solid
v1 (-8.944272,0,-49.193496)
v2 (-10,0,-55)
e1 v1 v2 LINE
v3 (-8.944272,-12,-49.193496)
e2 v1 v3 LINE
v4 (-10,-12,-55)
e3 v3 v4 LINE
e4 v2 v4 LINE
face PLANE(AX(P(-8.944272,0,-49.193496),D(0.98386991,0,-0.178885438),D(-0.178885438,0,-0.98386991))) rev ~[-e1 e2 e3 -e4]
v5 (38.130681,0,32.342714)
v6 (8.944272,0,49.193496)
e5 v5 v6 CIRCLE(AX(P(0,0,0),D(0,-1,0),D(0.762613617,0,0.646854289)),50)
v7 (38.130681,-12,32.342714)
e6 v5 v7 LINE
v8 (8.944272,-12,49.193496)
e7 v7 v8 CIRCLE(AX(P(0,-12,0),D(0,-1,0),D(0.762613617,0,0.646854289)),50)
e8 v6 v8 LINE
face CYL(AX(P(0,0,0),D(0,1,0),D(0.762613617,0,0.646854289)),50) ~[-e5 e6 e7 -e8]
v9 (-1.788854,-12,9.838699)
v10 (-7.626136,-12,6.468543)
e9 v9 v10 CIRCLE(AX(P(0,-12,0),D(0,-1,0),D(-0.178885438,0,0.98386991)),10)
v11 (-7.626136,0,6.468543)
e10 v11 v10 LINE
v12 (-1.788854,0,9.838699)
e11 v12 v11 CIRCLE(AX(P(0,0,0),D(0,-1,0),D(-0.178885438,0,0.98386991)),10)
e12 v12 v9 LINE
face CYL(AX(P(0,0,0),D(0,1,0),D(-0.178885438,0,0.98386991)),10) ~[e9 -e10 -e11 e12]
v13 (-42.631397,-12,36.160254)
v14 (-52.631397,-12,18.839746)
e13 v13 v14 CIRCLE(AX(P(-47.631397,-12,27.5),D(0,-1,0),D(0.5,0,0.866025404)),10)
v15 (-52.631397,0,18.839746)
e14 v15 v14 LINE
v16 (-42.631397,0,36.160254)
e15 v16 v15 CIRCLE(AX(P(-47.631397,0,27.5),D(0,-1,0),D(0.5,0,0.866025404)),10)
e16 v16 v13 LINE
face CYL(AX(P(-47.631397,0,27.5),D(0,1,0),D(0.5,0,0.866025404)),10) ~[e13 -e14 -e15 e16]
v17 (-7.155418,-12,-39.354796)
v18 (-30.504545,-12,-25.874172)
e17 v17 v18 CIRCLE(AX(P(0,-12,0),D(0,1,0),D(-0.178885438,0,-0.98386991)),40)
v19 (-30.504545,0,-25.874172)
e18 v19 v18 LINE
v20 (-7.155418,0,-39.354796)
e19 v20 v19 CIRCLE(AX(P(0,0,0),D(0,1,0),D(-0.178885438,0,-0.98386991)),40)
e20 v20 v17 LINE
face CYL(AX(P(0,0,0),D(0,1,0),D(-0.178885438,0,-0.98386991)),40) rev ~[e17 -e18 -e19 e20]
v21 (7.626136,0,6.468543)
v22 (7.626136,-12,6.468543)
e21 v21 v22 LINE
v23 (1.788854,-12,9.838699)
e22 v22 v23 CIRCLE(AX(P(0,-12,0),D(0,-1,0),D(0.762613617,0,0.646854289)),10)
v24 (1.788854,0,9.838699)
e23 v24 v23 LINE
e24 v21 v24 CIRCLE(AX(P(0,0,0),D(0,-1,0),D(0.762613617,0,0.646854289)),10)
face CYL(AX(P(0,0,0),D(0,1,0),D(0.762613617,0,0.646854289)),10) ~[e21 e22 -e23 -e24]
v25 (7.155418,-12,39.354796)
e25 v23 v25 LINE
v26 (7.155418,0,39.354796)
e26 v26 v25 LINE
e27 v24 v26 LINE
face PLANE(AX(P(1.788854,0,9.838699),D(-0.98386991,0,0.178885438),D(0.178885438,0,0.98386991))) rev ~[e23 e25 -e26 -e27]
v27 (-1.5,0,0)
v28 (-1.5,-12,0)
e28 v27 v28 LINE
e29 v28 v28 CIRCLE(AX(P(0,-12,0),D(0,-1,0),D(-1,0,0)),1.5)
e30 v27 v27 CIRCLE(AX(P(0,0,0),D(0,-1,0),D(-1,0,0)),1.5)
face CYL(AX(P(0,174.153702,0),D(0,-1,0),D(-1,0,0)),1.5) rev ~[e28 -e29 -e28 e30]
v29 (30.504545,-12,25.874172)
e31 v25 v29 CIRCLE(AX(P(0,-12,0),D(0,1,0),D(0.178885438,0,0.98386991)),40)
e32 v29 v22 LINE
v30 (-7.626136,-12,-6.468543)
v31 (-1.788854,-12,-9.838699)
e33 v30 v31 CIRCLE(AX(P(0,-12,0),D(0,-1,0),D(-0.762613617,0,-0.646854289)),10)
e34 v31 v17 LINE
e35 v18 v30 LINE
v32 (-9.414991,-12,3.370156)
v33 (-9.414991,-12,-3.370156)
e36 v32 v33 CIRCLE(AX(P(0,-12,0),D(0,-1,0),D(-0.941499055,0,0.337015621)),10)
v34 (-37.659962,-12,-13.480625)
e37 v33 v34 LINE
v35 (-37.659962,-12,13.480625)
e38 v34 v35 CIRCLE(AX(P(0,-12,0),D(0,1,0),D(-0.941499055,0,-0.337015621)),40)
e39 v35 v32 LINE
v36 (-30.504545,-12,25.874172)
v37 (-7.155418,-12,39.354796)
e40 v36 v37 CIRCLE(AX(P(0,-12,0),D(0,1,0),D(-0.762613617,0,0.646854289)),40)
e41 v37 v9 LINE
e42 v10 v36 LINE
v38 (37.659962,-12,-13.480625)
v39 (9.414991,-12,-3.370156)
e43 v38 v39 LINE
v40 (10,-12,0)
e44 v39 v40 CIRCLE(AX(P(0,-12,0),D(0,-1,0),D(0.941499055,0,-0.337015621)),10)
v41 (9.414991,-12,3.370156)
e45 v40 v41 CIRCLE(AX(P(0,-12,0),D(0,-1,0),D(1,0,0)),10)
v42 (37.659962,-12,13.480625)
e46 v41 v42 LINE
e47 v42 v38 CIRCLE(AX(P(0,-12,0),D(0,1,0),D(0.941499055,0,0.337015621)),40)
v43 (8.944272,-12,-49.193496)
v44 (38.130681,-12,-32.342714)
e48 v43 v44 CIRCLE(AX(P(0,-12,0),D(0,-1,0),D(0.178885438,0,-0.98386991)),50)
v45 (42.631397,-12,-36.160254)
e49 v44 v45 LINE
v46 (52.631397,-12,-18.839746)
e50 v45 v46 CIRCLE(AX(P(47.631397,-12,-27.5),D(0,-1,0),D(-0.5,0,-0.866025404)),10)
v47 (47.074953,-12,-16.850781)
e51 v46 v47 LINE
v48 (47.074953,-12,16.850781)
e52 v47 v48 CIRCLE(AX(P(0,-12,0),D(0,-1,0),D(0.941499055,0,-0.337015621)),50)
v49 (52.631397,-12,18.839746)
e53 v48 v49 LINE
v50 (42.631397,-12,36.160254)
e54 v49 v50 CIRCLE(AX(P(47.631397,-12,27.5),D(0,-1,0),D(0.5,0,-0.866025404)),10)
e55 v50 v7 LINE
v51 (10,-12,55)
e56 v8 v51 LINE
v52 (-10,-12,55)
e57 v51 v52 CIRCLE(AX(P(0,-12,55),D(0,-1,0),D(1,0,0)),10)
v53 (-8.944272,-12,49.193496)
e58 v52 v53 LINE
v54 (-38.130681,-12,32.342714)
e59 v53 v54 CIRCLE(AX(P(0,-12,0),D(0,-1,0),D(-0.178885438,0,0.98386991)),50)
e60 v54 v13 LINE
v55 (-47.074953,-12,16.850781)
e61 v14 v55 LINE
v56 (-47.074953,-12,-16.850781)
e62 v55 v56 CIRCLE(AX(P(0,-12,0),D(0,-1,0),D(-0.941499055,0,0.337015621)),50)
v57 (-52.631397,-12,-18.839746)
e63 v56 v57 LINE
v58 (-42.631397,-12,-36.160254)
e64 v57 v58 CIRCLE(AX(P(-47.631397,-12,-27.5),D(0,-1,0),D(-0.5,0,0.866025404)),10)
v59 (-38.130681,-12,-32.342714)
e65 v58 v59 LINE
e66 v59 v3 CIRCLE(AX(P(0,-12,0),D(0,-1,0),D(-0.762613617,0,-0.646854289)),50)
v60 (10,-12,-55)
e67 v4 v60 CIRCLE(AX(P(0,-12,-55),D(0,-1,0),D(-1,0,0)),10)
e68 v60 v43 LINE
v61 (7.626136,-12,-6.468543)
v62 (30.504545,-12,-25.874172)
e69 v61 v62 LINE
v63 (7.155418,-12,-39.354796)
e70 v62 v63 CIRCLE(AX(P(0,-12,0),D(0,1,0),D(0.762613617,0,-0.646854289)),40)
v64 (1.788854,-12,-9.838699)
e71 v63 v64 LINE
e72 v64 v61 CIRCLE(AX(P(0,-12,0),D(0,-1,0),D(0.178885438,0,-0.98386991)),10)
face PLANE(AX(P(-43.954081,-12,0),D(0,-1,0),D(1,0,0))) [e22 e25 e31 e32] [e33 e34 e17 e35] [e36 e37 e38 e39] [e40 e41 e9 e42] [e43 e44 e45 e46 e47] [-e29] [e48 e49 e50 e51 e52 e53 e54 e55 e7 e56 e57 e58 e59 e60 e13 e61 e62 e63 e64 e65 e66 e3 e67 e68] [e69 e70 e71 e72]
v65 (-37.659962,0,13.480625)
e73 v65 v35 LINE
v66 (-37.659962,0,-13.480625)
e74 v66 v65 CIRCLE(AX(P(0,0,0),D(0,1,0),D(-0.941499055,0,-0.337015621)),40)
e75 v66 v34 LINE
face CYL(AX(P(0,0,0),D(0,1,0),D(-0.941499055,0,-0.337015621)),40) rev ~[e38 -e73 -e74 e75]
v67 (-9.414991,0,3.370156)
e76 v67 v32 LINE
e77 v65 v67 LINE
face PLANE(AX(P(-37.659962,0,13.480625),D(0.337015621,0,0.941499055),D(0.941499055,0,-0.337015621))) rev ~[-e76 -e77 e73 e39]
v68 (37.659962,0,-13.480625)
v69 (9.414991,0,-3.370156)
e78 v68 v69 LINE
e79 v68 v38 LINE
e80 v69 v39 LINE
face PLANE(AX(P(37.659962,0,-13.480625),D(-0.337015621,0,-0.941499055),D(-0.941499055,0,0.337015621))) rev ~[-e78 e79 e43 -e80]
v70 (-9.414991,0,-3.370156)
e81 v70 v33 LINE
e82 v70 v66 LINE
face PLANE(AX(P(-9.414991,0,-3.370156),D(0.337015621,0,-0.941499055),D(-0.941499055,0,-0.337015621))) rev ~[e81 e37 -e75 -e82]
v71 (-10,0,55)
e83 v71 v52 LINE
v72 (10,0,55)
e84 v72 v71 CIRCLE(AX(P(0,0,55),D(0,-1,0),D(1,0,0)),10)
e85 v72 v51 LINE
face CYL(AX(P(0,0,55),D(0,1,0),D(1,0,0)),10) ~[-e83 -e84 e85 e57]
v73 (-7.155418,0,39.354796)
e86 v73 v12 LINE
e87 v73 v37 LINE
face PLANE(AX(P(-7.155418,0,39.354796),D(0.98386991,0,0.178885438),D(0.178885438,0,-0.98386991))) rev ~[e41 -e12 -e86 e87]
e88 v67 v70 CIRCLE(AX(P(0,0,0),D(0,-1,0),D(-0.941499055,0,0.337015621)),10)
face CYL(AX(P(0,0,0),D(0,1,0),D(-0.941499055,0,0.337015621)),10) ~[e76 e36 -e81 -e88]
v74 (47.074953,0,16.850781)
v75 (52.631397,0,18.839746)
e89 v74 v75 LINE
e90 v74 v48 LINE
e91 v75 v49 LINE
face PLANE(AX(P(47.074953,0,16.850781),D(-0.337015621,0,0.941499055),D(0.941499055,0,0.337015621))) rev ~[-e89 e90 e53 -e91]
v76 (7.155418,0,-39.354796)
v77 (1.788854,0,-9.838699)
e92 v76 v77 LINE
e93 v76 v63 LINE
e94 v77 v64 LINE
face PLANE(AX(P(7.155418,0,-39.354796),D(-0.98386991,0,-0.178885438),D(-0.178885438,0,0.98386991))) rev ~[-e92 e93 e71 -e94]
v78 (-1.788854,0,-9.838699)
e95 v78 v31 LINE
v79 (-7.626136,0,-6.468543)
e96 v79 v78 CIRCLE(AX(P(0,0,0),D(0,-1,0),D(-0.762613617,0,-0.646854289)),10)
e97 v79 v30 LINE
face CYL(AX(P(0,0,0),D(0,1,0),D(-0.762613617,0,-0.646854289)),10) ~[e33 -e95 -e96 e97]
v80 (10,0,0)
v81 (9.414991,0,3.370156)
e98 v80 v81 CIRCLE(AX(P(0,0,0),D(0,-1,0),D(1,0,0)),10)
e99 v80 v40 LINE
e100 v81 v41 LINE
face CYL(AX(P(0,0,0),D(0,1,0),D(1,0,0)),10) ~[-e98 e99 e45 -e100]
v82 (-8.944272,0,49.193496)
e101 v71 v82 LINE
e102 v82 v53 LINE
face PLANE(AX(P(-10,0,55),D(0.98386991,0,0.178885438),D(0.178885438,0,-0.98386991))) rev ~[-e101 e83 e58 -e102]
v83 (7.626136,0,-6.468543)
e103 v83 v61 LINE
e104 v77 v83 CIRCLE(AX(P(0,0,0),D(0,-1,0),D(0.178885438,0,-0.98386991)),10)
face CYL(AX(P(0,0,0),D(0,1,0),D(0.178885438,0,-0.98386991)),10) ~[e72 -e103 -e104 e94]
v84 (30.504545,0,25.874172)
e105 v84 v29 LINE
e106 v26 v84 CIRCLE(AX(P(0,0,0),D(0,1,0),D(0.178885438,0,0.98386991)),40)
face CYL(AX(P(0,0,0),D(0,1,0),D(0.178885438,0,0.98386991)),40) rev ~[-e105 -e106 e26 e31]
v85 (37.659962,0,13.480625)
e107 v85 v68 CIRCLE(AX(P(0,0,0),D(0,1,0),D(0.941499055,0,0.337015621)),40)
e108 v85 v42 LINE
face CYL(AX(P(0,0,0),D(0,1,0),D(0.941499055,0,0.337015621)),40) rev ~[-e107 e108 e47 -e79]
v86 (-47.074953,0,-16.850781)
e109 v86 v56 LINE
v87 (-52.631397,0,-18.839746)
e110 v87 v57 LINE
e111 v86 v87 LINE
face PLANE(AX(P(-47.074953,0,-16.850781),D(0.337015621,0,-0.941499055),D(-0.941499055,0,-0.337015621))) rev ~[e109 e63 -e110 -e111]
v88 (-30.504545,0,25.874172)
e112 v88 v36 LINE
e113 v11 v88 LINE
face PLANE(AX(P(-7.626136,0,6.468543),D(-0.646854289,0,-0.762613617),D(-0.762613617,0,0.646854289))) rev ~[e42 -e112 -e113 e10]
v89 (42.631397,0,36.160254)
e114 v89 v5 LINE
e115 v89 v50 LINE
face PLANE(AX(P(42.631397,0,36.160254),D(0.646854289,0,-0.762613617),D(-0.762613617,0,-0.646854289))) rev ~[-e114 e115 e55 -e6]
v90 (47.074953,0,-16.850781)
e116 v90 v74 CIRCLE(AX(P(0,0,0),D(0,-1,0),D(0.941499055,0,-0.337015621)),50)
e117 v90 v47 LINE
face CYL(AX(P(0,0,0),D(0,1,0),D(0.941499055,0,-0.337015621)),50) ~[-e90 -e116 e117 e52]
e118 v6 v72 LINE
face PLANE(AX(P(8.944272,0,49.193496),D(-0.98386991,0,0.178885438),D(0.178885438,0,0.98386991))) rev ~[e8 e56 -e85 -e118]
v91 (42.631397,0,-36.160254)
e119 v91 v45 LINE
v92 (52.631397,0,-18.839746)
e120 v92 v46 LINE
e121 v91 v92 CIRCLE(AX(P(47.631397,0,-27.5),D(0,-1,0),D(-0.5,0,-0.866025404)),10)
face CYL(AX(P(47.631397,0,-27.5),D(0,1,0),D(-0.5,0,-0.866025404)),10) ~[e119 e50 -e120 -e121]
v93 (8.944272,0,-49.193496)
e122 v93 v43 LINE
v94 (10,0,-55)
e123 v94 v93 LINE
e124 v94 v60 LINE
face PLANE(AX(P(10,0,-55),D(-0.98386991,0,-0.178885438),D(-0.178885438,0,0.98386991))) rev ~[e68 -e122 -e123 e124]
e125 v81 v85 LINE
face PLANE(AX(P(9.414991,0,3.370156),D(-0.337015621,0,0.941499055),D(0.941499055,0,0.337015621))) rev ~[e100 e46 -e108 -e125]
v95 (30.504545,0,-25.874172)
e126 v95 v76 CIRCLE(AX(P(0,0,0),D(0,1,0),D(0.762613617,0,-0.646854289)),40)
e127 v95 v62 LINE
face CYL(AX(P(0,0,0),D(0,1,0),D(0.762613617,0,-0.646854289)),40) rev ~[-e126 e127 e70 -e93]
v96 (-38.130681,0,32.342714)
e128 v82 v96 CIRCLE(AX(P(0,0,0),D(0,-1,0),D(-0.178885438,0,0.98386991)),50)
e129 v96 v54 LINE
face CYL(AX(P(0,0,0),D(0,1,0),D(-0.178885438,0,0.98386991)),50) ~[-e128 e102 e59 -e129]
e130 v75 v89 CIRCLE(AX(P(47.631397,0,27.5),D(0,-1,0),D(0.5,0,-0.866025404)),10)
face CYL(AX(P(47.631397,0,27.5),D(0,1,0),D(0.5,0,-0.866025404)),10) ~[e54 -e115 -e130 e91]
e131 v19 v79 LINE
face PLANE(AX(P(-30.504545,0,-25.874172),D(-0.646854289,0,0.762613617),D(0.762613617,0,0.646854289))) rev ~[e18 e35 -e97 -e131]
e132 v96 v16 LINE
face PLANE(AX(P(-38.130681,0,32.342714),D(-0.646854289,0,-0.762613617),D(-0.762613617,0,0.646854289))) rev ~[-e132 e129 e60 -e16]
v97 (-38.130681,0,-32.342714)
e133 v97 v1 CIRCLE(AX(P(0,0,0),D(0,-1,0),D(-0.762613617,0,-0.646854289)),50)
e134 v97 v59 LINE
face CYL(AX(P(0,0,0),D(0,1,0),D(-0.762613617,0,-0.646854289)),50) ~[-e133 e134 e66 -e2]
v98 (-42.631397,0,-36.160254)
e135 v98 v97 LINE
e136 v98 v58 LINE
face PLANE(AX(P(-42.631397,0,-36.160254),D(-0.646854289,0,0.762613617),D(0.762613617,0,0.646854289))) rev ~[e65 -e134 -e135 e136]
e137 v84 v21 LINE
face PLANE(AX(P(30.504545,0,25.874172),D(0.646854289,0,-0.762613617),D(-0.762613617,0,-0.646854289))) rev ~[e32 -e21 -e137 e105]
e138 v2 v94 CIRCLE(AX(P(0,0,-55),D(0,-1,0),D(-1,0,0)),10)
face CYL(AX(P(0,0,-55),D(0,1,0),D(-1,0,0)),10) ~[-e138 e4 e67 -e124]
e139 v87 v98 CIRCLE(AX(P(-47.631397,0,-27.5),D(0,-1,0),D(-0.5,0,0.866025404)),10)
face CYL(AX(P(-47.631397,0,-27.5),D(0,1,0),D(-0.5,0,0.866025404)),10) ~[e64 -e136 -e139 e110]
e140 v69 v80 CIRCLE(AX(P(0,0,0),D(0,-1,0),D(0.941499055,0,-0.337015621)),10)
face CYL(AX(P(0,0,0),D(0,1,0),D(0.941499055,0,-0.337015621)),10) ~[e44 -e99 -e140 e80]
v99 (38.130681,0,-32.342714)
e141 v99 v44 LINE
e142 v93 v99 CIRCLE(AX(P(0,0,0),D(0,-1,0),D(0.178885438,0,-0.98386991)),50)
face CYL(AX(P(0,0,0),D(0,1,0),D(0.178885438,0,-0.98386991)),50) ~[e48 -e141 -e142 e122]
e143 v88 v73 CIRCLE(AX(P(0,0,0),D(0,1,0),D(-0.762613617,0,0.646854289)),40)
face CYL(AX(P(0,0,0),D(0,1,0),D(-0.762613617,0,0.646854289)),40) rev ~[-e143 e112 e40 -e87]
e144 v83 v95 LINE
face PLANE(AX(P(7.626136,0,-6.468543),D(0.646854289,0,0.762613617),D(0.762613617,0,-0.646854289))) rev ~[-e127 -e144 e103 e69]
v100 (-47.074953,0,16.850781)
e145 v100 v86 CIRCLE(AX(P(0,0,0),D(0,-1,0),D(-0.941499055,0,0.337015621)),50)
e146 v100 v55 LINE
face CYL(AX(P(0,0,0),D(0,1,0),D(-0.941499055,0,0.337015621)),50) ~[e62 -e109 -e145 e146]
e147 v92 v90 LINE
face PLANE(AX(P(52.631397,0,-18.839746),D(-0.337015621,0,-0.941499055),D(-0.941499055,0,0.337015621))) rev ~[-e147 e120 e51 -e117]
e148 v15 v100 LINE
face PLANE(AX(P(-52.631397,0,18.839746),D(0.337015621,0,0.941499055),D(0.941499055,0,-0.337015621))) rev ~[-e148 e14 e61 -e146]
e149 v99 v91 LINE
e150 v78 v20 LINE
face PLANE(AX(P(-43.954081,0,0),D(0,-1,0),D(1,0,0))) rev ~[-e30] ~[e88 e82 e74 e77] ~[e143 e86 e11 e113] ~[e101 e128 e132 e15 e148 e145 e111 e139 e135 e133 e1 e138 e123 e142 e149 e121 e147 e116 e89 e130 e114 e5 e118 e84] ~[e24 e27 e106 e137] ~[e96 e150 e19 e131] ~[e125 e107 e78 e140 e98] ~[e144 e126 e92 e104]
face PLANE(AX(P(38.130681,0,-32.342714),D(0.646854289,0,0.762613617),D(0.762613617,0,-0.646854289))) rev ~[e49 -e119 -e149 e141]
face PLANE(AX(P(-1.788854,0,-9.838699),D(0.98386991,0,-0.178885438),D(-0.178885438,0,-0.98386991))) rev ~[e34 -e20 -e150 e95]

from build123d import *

# Parameters (mm, degrees)
F1_DEPTH = 1.2
F2_SCALE = 10
F4_D     = 3


with BuildPart() as f1:
    # F0 (on Front) → F1 (new body)
    with BuildSketch(Plane.XZ):
        with BuildLine():
            Line((-3.7659962211, 1.3480624848), (-4.7074952763, 1.685078106))
            ThreePointArc((-4.7074952763, 1.685078106), (-5, 0), (-4.7074952763, -1.685078106))
            Line((-4.7074952763, -1.685078106), (-3.7659962211, -1.3480624848))
            ThreePointArc((-3.7659962211, -1.3480624848), (-4, 0), (-3.7659962211, 1.3480624848))
        make_face()
        with BuildLine():
            Line((-3.0504544683, 2.5874171556), (-3.8130680853, 3.2342714445))
            Line((-3.8130680853, 3.2342714445), (-4.2631397208, 3.6160254038))
            ThreePointArc((-4.2631397208, 3.6160254038), (-5.6291651246, 3.25), (-5.2631397208, 1.8839745962))
            Line((-5.2631397208, 1.8839745962), (-4.7074952763, 1.685078106))
            Line((-4.7074952763, 1.685078106), (-3.7659962211, 1.3480624848))
            Line((-3.7659962211, 1.3480624848), (-0.9414990553, 0.3370156212))
            ThreePointArc((-0.9414990553, 0.3370156212), (-0.8660254038, 0.5), (-0.7626136171, 0.6468542889))
            Line((-0.7626136171, 0.6468542889), (-3.0504544683, 2.5874171556))
        make_face()
        with BuildLine():
            Line((-0.7155417528, 3.9354796404), (-0.894427191, 4.9193495505))
            ThreePointArc((-0.894427191, 4.9193495505), (-2.5, 4.3301270189), (-3.8130680853, 3.2342714445))
            Line((-3.8130680853, 3.2342714445), (-3.0504544683, 2.5874171556))
            ThreePointArc((-3.0504544683, 2.5874171556), (-2, 3.4641016151), (-0.7155417528, 3.9354796404))
        make_face()
        with BuildLine():
            Line((-1, 5.5), (-0.894427191, 4.9193495505))
            Line((-0.894427191, 4.9193495505), (-0.7155417528, 3.9354796404))
            Line((-0.7155417528, 3.9354796404), (-0.1788854382, 0.9838699101))
            ThreePointArc((-0.1788854382, 0.9838699101), (0, 1), (0.1788854382, 0.9838699101))
            Line((0.1788854382, 0.9838699101), (0.7155417528, 3.9354796404))
            Line((0.7155417528, 3.9354796404), (0.894427191, 4.9193495505))
            Line((0.894427191, 4.9193495505), (1, 5.5))
            ThreePointArc((1, 5.5), (0, 6.5), (-1, 5.5))
        make_face()
        with BuildLine():
            ThreePointArc((3.8130680853, 3.2342714445), (2.5, 4.3301270189), (0.894427191, 4.9193495505))
            Line((0.894427191, 4.9193495505), (0.7155417528, 3.9354796404))
            ThreePointArc((0.7155417528, 3.9354796404), (2, 3.4641016151), (3.0504544683, 2.5874171556))
            Line((3.0504544683, 2.5874171556), (3.8130680853, 3.2342714445))
        make_face()
        with BuildLine():
            Line((3.0504544683, 2.5874171556), (0.7626136171, 0.6468542889))
            ThreePointArc((0.7626136171, 0.6468542889), (0.8660254038, 0.5), (0.9414990553, 0.3370156212))
            Line((0.9414990553, 0.3370156212), (3.7659962211, 1.3480624848))
            Line((3.7659962211, 1.3480624848), (4.7074952763, 1.685078106))
            Line((4.7074952763, 1.685078106), (5.2631397208, 1.8839745962))
            ThreePointArc((5.2631397208, 1.8839745962), (5.6291651246, 3.25), (4.2631397208, 3.6160254038))
            Line((4.2631397208, 3.6160254038), (3.8130680853, 3.2342714445))
            Line((3.8130680853, 3.2342714445), (3.0504544683, 2.5874171556))
        make_face()
        with BuildLine():
            Line((4.7074952763, 1.685078106), (3.7659962211, 1.3480624848))
            ThreePointArc((3.7659962211, 1.3480624848), (4, 0), (3.7659962211, -1.3480624848))
            Line((3.7659962211, -1.3480624848), (4.7074952763, -1.685078106))
            ThreePointArc((4.7074952763, -1.685078106), (5, 0), (4.7074952763, 1.685078106))
        make_face()
        with BuildLine():
            Line((3.7659962211, -1.3480624848), (0.9414990553, -0.3370156212))
            ThreePointArc((0.9414990553, -0.3370156212), (0.8660254038, -0.5), (0.7626136171, -0.6468542889))
            Line((0.7626136171, -0.6468542889), (3.0504544683, -2.5874171556))
            Line((3.0504544683, -2.5874171556), (3.8130680853, -3.2342714445))
            Line((3.8130680853, -3.2342714445), (4.2631397208, -3.6160254038))
            ThreePointArc((4.2631397208, -3.6160254038), (5.6291651246, -3.25), (5.2631397208, -1.8839745962))
            Line((5.2631397208, -1.8839745962), (4.7074952763, -1.685078106))
            Line((4.7074952763, -1.685078106), (3.7659962211, -1.3480624848))
        make_face()
        with BuildLine():
            ThreePointArc((3.0504544683, -2.5874171556), (2, -3.4641016151), (0.7155417528, -3.9354796404))
            Line((0.7155417528, -3.9354796404), (0.894427191, -4.9193495505))
            ThreePointArc((0.894427191, -4.9193495505), (2.5, -4.3301270189), (3.8130680853, -3.2342714445))
            Line((3.8130680853, -3.2342714445), (3.0504544683, -2.5874171556))
        make_face()
        with BuildLine():
            ThreePointArc((0.1788854382, -0.9838699101), (0, -1), (-0.1788854382, -0.9838699101))
            Line((-0.1788854382, -0.9838699101), (-0.7155417528, -3.9354796404))
            Line((-0.7155417528, -3.9354796404), (-0.894427191, -4.9193495505))
            Line((-0.894427191, -4.9193495505), (-1, -5.5))
            ThreePointArc((-1, -5.5), (0, -6.5), (1, -5.5))
            Line((1, -5.5), (0.894427191, -4.9193495505))
            Line((0.894427191, -4.9193495505), (0.7155417528, -3.9354796404))
            Line((0.7155417528, -3.9354796404), (0.1788854382, -0.9838699101))
        make_face()
        with BuildLine():
            ThreePointArc((-0.7626136171, -0.6468542889), (-0.8660254038, -0.5), (-0.9414990553, -0.3370156212))
            Line((-0.9414990553, -0.3370156212), (-3.7659962211, -1.3480624848))
            Line((-3.7659962211, -1.3480624848), (-4.7074952763, -1.685078106))
            Line((-4.7074952763, -1.685078106), (-5.2631397208, -1.8839745962))
            ThreePointArc((-5.2631397208, -1.8839745962), (-5.6291651246, -3.25), (-4.2631397208, -3.6160254038))
            Line((-4.2631397208, -3.6160254038), (-3.8130680853, -3.2342714445))
            Line((-3.8130680853, -3.2342714445), (-3.0504544683, -2.5874171556))
            Line((-3.0504544683, -2.5874171556), (-0.7626136171, -0.6468542889))
        make_face()
        with BuildLine():
            ThreePointArc((0.1788854382, 0.9838699101), (0, 1), (-0.1788854382, 0.9838699101))
            ThreePointArc((-0.1788854382, 0.9838699101), (-0.5, 0.8660254038), (-0.7626136171, 0.6468542889))
            ThreePointArc((-0.7626136171, 0.6468542889), (-0.8660254038, 0.5), (-0.9414990553, 0.3370156212))
            ThreePointArc((-0.9414990553, 0.3370156212), (-1, 0), (-0.9414990553, -0.3370156212))
            ThreePointArc((-0.9414990553, -0.3370156212), (-0.8660254038, -0.5), (-0.7626136171, -0.6468542889))
            ThreePointArc((-0.7626136171, -0.6468542889), (-0.5, -0.8660254038), (-0.1788854382, -0.9838699101))
            ThreePointArc((-0.1788854382, -0.9838699101), (0, -1), (0.1788854382, -0.9838699101))
            ThreePointArc((0.1788854382, -0.9838699101), (0.5, -0.8660254038), (0.7626136171, -0.6468542889))
            ThreePointArc((0.7626136171, -0.6468542889), (0.8660254038, -0.5), (0.9414990553, -0.3370156212))
            ThreePointArc((0.9414990553, -0.3370156212), (0.9852662217, -0.1710276947), (1, 0))
            ThreePointArc((1, 0), (0.9852662217, 0.1710276947), (0.9414990553, 0.3370156212))
            ThreePointArc((0.9414990553, 0.3370156212), (0.8660254038, 0.5), (0.7626136171, 0.6468542889))
            ThreePointArc((0.7626136171, 0.6468542889), (0.5, 0.8660254038), (0.1788854382, 0.9838699101))
        make_face()
        with BuildLine():
            ThreePointArc((-0.7155417528, -3.9354796404), (-2, -3.4641016151), (-3.0504544683, -2.5874171556))
            Line((-3.0504544683, -2.5874171556), (-3.8130680853, -3.2342714445))
            ThreePointArc((-3.8130680853, -3.2342714445), (-2.5, -4.3301270189), (-0.894427191, -4.9193495505))
            Line((-0.894427191, -4.9193495505), (-0.7155417528, -3.9354796404))
        make_face()
    extrude(amount=F1_DEPTH)


with BuildPart() as f1_1:
    # F2: moved
    add(f1.part.scale(F2_SCALE))

    # F4 (through all)
    with Locations(Plane(origin=(0, 0, 0), x_dir=(1, 0, 0), z_dir=(0, 1, 0))):
        with Locations((0, 0)):
            Hole(F4_D / 2)


solid = f1_1.part
